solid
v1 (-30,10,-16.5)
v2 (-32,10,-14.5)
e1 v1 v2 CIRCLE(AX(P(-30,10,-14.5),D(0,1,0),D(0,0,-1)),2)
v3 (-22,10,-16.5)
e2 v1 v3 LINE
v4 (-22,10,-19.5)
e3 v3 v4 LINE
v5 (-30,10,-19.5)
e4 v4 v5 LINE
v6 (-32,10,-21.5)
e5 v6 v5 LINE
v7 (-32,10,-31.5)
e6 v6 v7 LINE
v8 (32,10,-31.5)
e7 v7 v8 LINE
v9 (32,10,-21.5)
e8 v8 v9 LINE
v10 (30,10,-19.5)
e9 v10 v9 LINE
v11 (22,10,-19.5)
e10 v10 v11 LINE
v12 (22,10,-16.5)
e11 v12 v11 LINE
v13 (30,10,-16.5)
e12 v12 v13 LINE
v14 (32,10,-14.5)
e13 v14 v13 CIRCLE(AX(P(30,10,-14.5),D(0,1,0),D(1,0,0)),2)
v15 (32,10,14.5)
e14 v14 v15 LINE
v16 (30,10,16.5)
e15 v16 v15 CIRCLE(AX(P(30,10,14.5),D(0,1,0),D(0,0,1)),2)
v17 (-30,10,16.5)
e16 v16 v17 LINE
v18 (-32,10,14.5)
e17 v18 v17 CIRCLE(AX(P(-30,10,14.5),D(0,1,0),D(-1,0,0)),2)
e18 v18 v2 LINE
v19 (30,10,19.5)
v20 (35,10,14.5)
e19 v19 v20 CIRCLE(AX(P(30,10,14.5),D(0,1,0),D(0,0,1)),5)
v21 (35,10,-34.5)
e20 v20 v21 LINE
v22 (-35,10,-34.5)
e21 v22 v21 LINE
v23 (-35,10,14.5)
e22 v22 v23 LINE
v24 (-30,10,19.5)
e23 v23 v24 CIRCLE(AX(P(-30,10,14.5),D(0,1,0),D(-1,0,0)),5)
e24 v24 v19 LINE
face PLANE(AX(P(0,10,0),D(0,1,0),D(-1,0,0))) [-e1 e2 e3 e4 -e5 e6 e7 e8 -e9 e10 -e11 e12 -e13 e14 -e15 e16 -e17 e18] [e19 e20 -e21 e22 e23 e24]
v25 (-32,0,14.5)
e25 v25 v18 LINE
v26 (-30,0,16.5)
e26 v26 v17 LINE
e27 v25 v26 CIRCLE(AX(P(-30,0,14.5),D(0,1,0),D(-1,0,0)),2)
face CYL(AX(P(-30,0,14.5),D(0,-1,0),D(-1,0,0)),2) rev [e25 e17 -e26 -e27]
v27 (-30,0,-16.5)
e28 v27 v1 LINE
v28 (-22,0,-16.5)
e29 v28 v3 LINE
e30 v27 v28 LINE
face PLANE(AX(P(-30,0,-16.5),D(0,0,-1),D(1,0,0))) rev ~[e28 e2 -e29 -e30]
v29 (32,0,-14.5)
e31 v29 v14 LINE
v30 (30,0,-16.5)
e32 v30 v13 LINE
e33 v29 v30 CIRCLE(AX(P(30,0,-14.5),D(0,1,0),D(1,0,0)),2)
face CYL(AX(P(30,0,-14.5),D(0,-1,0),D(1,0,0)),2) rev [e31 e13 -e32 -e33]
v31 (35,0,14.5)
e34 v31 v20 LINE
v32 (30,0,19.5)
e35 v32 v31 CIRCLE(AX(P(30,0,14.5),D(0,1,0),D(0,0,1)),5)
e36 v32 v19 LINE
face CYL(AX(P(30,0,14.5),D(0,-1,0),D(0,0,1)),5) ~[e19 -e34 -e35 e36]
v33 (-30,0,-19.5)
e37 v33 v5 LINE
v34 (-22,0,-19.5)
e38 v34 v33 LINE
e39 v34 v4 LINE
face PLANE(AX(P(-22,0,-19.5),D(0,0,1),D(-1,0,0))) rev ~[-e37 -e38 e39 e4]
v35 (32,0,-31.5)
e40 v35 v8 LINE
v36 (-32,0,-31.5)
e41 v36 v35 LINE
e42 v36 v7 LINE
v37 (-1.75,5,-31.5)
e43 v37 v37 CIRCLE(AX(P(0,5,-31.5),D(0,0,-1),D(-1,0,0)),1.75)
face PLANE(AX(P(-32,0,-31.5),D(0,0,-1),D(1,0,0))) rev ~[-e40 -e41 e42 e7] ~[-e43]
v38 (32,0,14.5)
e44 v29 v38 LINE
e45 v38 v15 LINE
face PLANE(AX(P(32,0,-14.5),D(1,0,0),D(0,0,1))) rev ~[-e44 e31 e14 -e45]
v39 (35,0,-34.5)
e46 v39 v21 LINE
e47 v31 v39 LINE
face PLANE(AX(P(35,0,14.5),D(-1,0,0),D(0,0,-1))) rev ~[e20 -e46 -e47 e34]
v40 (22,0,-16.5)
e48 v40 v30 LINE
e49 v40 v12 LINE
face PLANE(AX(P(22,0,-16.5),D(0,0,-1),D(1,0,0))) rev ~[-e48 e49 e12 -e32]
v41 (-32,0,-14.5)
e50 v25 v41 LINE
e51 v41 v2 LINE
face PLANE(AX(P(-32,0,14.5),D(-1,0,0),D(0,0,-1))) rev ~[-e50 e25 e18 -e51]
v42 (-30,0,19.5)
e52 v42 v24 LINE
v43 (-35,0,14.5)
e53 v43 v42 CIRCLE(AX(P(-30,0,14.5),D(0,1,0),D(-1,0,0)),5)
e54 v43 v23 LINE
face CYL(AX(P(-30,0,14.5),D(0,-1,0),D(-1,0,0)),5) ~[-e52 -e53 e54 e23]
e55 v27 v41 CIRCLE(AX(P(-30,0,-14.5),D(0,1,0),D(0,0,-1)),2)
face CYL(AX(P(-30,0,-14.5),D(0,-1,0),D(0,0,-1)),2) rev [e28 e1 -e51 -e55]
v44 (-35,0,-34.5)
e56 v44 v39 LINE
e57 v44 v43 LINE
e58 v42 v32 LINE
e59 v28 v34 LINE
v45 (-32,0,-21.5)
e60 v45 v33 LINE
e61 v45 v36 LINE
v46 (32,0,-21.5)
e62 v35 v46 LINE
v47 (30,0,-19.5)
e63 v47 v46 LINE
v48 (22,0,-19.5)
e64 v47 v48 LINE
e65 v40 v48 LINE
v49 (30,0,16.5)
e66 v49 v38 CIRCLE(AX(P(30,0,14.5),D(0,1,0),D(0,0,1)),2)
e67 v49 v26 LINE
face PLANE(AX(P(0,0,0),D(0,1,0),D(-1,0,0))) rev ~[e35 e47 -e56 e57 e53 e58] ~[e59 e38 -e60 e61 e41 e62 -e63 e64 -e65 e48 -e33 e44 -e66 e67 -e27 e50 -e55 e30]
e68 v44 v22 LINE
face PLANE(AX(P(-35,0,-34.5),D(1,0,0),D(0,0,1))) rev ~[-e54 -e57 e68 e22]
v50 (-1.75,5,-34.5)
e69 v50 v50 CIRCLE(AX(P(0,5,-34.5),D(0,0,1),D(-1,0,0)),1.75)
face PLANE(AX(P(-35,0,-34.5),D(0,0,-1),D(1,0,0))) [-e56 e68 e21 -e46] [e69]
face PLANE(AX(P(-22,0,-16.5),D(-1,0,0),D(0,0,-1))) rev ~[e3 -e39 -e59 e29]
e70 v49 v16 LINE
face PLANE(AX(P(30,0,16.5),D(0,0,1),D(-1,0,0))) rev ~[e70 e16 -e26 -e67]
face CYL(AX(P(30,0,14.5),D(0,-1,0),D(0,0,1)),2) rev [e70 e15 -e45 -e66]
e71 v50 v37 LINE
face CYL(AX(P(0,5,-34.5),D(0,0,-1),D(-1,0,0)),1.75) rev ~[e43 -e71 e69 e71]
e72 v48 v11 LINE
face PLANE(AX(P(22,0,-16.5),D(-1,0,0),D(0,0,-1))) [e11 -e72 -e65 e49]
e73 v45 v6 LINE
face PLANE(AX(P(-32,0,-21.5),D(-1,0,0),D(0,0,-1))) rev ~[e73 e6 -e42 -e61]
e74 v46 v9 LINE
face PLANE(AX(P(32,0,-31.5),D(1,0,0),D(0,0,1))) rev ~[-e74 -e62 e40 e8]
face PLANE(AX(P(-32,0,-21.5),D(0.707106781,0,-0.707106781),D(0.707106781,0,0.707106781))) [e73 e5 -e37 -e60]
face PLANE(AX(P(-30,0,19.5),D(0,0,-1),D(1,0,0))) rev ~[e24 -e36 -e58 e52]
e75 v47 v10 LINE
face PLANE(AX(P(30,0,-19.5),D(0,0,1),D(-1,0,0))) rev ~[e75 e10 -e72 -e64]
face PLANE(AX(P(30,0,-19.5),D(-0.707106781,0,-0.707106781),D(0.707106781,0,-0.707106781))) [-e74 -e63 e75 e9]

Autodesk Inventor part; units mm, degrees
ref_plane "YZ Plane" through (0, 0, 0) normal (1, 0, 0) x (0, 1, 0)
ref_plane "XZ Plane" through (0, 0, 0) normal (0, 1, 0) x (-1, 0, 0)
ref_plane "XY Plane" through (0, 0, 0) normal (0, 0, 1) x (1, 0, 0)
sketch "Sketch1" plane through (0, 0, 0) normal (0, 1, 0) x (-1, 0, 0)
  line L0 (-30, 16.5) -> (30, 16.5)
  line L1 (32, 14.5) -> (32, -14.5)
  line L2 (-32, -14.5) -> (-32, 14.5)
  arc A0 (-32, -14.5) -> (-30, -16.5) centre (-30, -14.5) ccw
  arc A1 (-30, 16.5) -> (-32, 14.5) centre (-30, 14.5) ccw
  arc A2 (32, 14.5) -> (30, 16.5) centre (30, 14.5) ccw
  arc A3 (30, -16.5) -> (32, -14.5) centre (30, -14.5) ccw
  line L3 (-35, 14.5) -> (-35, -34.5)
  line L4 (35, -34.5) -> (35, 14.5)
  arc A4 (35, 14.5) -> (30, 19.5) centre (30, 14.5) ccw
  line L5 (30, 19.5) -> (-30, 19.5)
  arc A5 (-30, 19.5) -> (-35, 14.5) centre (-30, 14.5) ccw
  line L6 (35, -34.5) -> (-35, -34.5)
  line L7 (-22, -16.5) -> (-22, -19.5)
  line L8 (22, -16.5) -> (22, -19.5)
  line L9 (30, -16.5) -> (22, -16.5)
  line L10 (-22, -16.5) -> (-30, -16.5)
  line L11 (-30, -19.5) -> (-22, -19.5)
  line L12 (22, -19.5) -> (30, -19.5)
  line L13 (32, -31.5) -> (-32, -31.5)
  line L14 (-32, -31.5) -> (-32, -21.5)
  line L15 (-32, -14.5) -> (-32, 14.5)
  line L16 (32, 14.5) -> (32, -14.5)
  line L17 (32, -21.5) -> (32, -31.5)
  line L18 (-30, -19.5) -> (-32, -21.5)
  line L19 (32, -21.5) -> (30, -19.5)
  point P0 (0, 0)
  point P1 (32, -16.5)
  point P2 (32, 16.5)
  point P3 (-32, -16.5)
  point P4 (-32, -19.5)
  point P5 (32, -19.5)
  dimension "d0" = 64
  dimension "d1" = 33
  dimension "d2" = 32
  dimension "d3" = 16.5
  dimension "d4" = 2
  dimension "d5" = 3
  dimension "d6" = 70
  dimension "d9" = 10
  dimension "d10" = 10
  dimension "d11" = 20
  dimension "d12" = 3
  dimension "d13" = 2
  dimension "d14" = 2
  dimension "d15" = 2
  dimension "d16" = 2
extrude "Extrusion1" add sketch "Sketch1" along normal blind 10
sketch "Sketch2" plane through (35, 0, -34.5) normal (0, 0, -1) x (-1, 0, 0)
  line L0 (0, 10) -> (70, 0)
  line L1 (70, 10) -> (0, 0)
  circle A0 centre (35, 5) radius 1.75
  point P0 (35, 0)
  dimension "d19" = 3.5
extrude "Extrusion2" cut sketch "Sketch2" against normal blind 10
equation "\"d14\" = d13"
equation "\"d15\" = d13"
equation "\"d16\" = d15"
equation "\"BendRadius\" = Thickness"
equation "\"BendReliefWidth\" = Thickness"
equation "\"BendReliefDepth\" = 0.5 * Thickness"
equation "\"CornerReliefSize\" = 4 * Thickness"
equation "\"MinimumRemnant\" = 2 * Thickness"
equation "\"TransitionRadius\" = BendRadius"
equation "\"JacobiRadiusSize\" = BendRadius"
equation "\"GapSize\" = Thickness"
equation "\"Thickness\" = 0.5"
properties part number "dcdcSupport"
